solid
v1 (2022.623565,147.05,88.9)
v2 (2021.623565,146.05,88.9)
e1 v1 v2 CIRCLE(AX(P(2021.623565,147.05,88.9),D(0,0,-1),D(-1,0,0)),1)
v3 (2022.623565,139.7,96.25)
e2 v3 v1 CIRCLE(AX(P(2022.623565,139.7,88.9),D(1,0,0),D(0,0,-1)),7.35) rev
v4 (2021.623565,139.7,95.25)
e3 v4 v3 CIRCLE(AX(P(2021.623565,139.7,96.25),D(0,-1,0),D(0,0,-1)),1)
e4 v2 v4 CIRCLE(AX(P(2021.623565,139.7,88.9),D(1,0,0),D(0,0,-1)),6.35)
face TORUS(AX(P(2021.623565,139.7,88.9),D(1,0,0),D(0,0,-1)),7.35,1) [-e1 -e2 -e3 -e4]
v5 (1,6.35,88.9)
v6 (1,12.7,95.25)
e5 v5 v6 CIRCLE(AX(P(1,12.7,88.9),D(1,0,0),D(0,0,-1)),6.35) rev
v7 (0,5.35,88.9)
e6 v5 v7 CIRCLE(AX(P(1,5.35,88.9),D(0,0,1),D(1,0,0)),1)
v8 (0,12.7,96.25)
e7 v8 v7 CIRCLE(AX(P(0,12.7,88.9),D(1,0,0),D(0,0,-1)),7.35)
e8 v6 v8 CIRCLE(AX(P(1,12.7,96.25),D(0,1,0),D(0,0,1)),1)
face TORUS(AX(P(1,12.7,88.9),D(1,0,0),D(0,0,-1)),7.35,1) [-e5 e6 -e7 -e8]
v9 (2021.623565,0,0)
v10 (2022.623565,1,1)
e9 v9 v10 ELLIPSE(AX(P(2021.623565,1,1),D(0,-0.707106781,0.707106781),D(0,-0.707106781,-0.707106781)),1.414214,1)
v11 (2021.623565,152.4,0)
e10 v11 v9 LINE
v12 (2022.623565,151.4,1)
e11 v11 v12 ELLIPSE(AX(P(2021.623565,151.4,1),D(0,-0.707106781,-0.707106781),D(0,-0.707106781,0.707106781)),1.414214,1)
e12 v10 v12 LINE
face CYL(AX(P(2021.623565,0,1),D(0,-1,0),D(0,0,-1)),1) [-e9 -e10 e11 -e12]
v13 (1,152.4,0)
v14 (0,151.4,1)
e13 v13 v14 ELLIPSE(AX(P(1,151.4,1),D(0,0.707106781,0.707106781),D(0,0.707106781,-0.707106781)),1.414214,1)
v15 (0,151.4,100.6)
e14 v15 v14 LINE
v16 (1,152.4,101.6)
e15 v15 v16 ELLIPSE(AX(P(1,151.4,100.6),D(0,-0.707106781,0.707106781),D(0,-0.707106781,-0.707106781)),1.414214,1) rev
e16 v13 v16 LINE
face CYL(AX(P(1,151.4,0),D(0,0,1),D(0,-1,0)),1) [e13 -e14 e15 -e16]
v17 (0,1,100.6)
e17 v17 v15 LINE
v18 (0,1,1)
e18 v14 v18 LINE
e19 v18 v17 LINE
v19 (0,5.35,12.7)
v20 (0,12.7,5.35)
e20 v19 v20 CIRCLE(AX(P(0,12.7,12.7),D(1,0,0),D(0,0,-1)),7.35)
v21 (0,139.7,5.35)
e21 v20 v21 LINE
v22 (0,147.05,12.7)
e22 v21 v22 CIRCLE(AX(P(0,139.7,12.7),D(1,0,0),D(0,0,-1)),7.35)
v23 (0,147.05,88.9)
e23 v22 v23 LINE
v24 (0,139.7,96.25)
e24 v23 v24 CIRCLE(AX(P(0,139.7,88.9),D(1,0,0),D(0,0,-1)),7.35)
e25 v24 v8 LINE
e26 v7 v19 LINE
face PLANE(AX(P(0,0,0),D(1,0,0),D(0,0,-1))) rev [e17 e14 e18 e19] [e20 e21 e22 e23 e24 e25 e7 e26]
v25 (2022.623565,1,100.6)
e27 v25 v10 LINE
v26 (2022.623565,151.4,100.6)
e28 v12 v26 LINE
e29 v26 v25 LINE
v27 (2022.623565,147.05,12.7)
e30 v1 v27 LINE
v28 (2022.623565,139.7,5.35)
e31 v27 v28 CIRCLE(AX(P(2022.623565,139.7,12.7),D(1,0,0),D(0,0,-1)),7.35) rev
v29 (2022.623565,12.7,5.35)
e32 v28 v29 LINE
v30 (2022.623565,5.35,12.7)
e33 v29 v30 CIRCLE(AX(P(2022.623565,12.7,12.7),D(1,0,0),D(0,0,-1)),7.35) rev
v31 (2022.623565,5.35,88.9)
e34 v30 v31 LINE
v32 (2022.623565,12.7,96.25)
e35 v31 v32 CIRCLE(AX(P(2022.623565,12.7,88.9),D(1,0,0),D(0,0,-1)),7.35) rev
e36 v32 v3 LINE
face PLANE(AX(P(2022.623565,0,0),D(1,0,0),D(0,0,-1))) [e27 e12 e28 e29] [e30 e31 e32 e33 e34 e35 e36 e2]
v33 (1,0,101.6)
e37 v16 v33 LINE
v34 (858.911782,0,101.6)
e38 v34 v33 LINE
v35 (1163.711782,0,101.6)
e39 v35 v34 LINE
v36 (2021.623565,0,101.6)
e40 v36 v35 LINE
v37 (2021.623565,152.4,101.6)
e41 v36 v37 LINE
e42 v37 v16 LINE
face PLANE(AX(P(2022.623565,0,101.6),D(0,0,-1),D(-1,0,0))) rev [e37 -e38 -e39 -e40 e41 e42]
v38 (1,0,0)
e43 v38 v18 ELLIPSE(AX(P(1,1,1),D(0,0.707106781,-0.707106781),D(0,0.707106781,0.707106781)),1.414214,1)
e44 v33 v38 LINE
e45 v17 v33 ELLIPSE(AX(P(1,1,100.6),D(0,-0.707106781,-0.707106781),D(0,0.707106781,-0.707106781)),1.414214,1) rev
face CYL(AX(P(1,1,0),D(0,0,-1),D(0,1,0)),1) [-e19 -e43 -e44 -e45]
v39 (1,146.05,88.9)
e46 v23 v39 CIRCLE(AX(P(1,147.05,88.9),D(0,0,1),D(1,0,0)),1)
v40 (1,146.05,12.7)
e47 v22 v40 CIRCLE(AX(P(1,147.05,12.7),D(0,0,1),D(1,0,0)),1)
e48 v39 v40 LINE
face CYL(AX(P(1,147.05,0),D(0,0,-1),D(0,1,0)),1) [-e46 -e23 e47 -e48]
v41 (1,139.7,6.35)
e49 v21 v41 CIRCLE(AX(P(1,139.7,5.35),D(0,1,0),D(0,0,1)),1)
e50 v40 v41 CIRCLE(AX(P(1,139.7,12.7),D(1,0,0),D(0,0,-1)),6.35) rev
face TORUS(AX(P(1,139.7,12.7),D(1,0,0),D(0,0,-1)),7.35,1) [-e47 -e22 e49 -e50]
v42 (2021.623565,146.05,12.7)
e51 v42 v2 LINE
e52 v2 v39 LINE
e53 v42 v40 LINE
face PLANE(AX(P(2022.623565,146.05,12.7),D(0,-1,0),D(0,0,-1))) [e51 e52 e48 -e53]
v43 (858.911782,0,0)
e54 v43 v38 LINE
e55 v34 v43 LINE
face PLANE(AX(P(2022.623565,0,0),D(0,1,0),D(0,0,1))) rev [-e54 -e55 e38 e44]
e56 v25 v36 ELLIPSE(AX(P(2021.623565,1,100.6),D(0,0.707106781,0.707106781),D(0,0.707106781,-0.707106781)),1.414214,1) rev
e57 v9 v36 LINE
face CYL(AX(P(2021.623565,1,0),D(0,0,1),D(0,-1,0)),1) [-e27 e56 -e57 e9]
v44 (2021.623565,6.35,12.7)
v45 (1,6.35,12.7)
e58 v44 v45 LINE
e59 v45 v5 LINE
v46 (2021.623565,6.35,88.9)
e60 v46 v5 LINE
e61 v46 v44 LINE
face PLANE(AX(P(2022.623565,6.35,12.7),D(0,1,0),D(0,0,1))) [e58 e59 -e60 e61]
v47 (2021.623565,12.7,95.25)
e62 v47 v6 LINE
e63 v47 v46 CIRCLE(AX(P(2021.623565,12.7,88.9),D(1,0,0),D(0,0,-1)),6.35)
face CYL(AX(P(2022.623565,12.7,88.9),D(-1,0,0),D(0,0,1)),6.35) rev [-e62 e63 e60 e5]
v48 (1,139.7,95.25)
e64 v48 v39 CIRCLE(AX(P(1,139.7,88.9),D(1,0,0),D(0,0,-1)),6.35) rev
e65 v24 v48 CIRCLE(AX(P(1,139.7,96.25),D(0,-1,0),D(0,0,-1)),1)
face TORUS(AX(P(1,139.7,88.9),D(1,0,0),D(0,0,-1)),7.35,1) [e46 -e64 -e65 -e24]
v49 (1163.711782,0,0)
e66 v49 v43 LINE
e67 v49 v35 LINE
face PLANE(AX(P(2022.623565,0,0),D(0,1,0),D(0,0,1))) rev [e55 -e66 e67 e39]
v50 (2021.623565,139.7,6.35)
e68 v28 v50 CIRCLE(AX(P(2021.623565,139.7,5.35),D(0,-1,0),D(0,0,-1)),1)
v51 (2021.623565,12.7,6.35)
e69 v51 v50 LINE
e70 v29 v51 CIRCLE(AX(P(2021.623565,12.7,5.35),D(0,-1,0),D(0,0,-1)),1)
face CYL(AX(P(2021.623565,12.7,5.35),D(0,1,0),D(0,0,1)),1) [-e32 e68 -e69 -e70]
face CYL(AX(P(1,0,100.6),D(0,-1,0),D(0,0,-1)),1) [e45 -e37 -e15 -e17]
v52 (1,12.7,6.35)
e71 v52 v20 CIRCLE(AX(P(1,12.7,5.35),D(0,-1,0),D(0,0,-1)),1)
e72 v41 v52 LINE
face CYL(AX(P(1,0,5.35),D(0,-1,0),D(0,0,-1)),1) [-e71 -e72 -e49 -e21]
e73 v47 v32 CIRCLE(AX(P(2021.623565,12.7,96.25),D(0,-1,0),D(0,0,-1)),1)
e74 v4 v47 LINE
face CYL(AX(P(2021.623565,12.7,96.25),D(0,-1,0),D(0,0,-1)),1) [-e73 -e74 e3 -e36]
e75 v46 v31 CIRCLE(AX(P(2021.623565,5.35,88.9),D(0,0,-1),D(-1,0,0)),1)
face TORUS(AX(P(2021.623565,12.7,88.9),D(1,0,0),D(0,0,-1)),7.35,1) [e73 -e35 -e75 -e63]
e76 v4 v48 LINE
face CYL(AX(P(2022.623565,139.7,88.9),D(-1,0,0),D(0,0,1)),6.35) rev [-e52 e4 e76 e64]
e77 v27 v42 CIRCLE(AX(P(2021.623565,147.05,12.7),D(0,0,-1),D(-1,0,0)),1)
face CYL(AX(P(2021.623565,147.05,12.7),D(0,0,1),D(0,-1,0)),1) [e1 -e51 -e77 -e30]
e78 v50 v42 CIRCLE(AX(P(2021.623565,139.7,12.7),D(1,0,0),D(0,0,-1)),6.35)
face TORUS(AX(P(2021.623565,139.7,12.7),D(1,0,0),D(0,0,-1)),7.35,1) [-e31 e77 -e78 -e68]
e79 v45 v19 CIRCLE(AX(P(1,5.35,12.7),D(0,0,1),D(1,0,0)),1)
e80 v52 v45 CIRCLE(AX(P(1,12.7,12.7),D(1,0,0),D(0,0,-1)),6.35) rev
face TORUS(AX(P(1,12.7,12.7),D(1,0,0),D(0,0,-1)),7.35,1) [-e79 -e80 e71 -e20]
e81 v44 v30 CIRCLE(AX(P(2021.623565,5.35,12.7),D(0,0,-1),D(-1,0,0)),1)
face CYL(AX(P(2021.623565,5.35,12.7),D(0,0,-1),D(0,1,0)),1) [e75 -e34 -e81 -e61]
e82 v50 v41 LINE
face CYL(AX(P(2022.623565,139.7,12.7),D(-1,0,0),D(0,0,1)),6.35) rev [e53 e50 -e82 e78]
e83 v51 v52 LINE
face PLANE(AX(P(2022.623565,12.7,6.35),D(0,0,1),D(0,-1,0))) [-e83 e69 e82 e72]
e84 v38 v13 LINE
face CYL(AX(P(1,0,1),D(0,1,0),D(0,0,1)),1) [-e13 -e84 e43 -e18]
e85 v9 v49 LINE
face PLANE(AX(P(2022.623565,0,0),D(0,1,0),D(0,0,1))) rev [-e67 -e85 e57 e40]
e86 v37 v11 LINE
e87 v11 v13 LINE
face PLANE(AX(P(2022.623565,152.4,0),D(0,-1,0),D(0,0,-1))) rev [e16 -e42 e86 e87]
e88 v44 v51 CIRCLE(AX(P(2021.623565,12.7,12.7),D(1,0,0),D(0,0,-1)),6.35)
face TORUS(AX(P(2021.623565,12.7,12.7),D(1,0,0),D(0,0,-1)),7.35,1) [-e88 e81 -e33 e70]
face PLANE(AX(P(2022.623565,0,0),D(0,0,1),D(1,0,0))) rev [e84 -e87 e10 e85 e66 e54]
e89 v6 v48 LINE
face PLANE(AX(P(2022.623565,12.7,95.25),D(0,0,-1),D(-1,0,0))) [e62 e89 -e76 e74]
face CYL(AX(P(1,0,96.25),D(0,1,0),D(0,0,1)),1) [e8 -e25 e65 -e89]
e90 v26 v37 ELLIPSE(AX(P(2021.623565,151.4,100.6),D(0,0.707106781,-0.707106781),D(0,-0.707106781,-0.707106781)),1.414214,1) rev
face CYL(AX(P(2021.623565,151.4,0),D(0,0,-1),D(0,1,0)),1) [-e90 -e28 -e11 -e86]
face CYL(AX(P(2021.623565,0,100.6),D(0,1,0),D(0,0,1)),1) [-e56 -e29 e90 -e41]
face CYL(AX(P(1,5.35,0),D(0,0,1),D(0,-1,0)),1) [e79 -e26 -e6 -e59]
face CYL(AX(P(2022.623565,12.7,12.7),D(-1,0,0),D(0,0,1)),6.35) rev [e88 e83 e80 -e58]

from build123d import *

# Parameters (mm, degrees)
SKETCH1_W           = 101.6
SKETCH1_H           = 152.4
BOSS_EXTRUDE1_DEPTH = 2022.623564854
FILLET1_R           = 1


with BuildPart() as part:
    # Sketch1 → Boss-Extrude1 (new body)
    with BuildSketch(Plane(origin=(0, 0, 0), x_dir=(0, 0, -1), z_dir=(1, 0, 0))):
        with Locations((-50.8, 76.2)):
            Rectangle(SKETCH1_W, SKETCH1_H)
        with BuildLine():
            Line((-95.25, 12.7), (-95.25, 139.7))
            ThreePointArc((-95.25, 139.7), (-93.390128061, 144.190128061), (-88.9, 146.05))
            Line((-88.9, 146.05), (-12.7, 146.05))
            ThreePointArc((-12.7, 146.05), (-8.209871939, 144.190128061), (-6.35, 139.7))
            Line((-6.35, 139.7), (-6.35, 12.7))
            ThreePointArc((-6.35, 12.7), (-8.209871939, 8.209871939), (-12.7, 6.35))
            Line((-12.7, 6.35), (-88.9, 6.35))
            ThreePointArc((-88.9, 6.35), (-93.390128061, 8.209871939), (-95.25, 12.7))
        make_face(mode=Mode.SUBTRACT)
    extrude(amount=BOSS_EXTRUDE1_DEPTH)

    # Fillet1
    fillet1_edges = [part.edges().sort_by_distance(p)[0] for p in [
        (2022.623564854, 76.2, 101.6),
        (2022.623564854, 0, 50.8),
        (0, 8.209871939, 93.390128061),
        (0, 6.35, 50.8),
        (0, 8.209871939, 8.209871939),
        (0, 76.2, 6.35),
        (0, 144.190128061, 8.209871939),
        (0, 146.05, 50.8),
        (0, 144.190128061, 93.390128061),
        (0, 76.2, 95.25),
        (2022.623564854, 8.209871939, 93.390128061),
        (2022.623564854, 6.35, 50.8),
        (2022.623564854, 8.209871939, 8.209871939),
        (2022.623564854, 76.2, 6.35),
        (2022.623564854, 144.190128061, 8.209871939),
        (2022.623564854, 146.05, 50.8),
        (2022.623564854, 144.190128061, 93.390128061),
        (2022.623564854, 76.2, 95.25),
        (2022.623564854, 76.2, 0),
        (0, 0, 50.8),
        (0, 76.2, 101.6),
        (0, 152.4, 50.8),
        (0, 76.2, 0),
        (2022.623564854, 152.4, 50.8),
    ]]
    fillet(fillet1_edges, radius=FILLET1_R)


solid = part.part
